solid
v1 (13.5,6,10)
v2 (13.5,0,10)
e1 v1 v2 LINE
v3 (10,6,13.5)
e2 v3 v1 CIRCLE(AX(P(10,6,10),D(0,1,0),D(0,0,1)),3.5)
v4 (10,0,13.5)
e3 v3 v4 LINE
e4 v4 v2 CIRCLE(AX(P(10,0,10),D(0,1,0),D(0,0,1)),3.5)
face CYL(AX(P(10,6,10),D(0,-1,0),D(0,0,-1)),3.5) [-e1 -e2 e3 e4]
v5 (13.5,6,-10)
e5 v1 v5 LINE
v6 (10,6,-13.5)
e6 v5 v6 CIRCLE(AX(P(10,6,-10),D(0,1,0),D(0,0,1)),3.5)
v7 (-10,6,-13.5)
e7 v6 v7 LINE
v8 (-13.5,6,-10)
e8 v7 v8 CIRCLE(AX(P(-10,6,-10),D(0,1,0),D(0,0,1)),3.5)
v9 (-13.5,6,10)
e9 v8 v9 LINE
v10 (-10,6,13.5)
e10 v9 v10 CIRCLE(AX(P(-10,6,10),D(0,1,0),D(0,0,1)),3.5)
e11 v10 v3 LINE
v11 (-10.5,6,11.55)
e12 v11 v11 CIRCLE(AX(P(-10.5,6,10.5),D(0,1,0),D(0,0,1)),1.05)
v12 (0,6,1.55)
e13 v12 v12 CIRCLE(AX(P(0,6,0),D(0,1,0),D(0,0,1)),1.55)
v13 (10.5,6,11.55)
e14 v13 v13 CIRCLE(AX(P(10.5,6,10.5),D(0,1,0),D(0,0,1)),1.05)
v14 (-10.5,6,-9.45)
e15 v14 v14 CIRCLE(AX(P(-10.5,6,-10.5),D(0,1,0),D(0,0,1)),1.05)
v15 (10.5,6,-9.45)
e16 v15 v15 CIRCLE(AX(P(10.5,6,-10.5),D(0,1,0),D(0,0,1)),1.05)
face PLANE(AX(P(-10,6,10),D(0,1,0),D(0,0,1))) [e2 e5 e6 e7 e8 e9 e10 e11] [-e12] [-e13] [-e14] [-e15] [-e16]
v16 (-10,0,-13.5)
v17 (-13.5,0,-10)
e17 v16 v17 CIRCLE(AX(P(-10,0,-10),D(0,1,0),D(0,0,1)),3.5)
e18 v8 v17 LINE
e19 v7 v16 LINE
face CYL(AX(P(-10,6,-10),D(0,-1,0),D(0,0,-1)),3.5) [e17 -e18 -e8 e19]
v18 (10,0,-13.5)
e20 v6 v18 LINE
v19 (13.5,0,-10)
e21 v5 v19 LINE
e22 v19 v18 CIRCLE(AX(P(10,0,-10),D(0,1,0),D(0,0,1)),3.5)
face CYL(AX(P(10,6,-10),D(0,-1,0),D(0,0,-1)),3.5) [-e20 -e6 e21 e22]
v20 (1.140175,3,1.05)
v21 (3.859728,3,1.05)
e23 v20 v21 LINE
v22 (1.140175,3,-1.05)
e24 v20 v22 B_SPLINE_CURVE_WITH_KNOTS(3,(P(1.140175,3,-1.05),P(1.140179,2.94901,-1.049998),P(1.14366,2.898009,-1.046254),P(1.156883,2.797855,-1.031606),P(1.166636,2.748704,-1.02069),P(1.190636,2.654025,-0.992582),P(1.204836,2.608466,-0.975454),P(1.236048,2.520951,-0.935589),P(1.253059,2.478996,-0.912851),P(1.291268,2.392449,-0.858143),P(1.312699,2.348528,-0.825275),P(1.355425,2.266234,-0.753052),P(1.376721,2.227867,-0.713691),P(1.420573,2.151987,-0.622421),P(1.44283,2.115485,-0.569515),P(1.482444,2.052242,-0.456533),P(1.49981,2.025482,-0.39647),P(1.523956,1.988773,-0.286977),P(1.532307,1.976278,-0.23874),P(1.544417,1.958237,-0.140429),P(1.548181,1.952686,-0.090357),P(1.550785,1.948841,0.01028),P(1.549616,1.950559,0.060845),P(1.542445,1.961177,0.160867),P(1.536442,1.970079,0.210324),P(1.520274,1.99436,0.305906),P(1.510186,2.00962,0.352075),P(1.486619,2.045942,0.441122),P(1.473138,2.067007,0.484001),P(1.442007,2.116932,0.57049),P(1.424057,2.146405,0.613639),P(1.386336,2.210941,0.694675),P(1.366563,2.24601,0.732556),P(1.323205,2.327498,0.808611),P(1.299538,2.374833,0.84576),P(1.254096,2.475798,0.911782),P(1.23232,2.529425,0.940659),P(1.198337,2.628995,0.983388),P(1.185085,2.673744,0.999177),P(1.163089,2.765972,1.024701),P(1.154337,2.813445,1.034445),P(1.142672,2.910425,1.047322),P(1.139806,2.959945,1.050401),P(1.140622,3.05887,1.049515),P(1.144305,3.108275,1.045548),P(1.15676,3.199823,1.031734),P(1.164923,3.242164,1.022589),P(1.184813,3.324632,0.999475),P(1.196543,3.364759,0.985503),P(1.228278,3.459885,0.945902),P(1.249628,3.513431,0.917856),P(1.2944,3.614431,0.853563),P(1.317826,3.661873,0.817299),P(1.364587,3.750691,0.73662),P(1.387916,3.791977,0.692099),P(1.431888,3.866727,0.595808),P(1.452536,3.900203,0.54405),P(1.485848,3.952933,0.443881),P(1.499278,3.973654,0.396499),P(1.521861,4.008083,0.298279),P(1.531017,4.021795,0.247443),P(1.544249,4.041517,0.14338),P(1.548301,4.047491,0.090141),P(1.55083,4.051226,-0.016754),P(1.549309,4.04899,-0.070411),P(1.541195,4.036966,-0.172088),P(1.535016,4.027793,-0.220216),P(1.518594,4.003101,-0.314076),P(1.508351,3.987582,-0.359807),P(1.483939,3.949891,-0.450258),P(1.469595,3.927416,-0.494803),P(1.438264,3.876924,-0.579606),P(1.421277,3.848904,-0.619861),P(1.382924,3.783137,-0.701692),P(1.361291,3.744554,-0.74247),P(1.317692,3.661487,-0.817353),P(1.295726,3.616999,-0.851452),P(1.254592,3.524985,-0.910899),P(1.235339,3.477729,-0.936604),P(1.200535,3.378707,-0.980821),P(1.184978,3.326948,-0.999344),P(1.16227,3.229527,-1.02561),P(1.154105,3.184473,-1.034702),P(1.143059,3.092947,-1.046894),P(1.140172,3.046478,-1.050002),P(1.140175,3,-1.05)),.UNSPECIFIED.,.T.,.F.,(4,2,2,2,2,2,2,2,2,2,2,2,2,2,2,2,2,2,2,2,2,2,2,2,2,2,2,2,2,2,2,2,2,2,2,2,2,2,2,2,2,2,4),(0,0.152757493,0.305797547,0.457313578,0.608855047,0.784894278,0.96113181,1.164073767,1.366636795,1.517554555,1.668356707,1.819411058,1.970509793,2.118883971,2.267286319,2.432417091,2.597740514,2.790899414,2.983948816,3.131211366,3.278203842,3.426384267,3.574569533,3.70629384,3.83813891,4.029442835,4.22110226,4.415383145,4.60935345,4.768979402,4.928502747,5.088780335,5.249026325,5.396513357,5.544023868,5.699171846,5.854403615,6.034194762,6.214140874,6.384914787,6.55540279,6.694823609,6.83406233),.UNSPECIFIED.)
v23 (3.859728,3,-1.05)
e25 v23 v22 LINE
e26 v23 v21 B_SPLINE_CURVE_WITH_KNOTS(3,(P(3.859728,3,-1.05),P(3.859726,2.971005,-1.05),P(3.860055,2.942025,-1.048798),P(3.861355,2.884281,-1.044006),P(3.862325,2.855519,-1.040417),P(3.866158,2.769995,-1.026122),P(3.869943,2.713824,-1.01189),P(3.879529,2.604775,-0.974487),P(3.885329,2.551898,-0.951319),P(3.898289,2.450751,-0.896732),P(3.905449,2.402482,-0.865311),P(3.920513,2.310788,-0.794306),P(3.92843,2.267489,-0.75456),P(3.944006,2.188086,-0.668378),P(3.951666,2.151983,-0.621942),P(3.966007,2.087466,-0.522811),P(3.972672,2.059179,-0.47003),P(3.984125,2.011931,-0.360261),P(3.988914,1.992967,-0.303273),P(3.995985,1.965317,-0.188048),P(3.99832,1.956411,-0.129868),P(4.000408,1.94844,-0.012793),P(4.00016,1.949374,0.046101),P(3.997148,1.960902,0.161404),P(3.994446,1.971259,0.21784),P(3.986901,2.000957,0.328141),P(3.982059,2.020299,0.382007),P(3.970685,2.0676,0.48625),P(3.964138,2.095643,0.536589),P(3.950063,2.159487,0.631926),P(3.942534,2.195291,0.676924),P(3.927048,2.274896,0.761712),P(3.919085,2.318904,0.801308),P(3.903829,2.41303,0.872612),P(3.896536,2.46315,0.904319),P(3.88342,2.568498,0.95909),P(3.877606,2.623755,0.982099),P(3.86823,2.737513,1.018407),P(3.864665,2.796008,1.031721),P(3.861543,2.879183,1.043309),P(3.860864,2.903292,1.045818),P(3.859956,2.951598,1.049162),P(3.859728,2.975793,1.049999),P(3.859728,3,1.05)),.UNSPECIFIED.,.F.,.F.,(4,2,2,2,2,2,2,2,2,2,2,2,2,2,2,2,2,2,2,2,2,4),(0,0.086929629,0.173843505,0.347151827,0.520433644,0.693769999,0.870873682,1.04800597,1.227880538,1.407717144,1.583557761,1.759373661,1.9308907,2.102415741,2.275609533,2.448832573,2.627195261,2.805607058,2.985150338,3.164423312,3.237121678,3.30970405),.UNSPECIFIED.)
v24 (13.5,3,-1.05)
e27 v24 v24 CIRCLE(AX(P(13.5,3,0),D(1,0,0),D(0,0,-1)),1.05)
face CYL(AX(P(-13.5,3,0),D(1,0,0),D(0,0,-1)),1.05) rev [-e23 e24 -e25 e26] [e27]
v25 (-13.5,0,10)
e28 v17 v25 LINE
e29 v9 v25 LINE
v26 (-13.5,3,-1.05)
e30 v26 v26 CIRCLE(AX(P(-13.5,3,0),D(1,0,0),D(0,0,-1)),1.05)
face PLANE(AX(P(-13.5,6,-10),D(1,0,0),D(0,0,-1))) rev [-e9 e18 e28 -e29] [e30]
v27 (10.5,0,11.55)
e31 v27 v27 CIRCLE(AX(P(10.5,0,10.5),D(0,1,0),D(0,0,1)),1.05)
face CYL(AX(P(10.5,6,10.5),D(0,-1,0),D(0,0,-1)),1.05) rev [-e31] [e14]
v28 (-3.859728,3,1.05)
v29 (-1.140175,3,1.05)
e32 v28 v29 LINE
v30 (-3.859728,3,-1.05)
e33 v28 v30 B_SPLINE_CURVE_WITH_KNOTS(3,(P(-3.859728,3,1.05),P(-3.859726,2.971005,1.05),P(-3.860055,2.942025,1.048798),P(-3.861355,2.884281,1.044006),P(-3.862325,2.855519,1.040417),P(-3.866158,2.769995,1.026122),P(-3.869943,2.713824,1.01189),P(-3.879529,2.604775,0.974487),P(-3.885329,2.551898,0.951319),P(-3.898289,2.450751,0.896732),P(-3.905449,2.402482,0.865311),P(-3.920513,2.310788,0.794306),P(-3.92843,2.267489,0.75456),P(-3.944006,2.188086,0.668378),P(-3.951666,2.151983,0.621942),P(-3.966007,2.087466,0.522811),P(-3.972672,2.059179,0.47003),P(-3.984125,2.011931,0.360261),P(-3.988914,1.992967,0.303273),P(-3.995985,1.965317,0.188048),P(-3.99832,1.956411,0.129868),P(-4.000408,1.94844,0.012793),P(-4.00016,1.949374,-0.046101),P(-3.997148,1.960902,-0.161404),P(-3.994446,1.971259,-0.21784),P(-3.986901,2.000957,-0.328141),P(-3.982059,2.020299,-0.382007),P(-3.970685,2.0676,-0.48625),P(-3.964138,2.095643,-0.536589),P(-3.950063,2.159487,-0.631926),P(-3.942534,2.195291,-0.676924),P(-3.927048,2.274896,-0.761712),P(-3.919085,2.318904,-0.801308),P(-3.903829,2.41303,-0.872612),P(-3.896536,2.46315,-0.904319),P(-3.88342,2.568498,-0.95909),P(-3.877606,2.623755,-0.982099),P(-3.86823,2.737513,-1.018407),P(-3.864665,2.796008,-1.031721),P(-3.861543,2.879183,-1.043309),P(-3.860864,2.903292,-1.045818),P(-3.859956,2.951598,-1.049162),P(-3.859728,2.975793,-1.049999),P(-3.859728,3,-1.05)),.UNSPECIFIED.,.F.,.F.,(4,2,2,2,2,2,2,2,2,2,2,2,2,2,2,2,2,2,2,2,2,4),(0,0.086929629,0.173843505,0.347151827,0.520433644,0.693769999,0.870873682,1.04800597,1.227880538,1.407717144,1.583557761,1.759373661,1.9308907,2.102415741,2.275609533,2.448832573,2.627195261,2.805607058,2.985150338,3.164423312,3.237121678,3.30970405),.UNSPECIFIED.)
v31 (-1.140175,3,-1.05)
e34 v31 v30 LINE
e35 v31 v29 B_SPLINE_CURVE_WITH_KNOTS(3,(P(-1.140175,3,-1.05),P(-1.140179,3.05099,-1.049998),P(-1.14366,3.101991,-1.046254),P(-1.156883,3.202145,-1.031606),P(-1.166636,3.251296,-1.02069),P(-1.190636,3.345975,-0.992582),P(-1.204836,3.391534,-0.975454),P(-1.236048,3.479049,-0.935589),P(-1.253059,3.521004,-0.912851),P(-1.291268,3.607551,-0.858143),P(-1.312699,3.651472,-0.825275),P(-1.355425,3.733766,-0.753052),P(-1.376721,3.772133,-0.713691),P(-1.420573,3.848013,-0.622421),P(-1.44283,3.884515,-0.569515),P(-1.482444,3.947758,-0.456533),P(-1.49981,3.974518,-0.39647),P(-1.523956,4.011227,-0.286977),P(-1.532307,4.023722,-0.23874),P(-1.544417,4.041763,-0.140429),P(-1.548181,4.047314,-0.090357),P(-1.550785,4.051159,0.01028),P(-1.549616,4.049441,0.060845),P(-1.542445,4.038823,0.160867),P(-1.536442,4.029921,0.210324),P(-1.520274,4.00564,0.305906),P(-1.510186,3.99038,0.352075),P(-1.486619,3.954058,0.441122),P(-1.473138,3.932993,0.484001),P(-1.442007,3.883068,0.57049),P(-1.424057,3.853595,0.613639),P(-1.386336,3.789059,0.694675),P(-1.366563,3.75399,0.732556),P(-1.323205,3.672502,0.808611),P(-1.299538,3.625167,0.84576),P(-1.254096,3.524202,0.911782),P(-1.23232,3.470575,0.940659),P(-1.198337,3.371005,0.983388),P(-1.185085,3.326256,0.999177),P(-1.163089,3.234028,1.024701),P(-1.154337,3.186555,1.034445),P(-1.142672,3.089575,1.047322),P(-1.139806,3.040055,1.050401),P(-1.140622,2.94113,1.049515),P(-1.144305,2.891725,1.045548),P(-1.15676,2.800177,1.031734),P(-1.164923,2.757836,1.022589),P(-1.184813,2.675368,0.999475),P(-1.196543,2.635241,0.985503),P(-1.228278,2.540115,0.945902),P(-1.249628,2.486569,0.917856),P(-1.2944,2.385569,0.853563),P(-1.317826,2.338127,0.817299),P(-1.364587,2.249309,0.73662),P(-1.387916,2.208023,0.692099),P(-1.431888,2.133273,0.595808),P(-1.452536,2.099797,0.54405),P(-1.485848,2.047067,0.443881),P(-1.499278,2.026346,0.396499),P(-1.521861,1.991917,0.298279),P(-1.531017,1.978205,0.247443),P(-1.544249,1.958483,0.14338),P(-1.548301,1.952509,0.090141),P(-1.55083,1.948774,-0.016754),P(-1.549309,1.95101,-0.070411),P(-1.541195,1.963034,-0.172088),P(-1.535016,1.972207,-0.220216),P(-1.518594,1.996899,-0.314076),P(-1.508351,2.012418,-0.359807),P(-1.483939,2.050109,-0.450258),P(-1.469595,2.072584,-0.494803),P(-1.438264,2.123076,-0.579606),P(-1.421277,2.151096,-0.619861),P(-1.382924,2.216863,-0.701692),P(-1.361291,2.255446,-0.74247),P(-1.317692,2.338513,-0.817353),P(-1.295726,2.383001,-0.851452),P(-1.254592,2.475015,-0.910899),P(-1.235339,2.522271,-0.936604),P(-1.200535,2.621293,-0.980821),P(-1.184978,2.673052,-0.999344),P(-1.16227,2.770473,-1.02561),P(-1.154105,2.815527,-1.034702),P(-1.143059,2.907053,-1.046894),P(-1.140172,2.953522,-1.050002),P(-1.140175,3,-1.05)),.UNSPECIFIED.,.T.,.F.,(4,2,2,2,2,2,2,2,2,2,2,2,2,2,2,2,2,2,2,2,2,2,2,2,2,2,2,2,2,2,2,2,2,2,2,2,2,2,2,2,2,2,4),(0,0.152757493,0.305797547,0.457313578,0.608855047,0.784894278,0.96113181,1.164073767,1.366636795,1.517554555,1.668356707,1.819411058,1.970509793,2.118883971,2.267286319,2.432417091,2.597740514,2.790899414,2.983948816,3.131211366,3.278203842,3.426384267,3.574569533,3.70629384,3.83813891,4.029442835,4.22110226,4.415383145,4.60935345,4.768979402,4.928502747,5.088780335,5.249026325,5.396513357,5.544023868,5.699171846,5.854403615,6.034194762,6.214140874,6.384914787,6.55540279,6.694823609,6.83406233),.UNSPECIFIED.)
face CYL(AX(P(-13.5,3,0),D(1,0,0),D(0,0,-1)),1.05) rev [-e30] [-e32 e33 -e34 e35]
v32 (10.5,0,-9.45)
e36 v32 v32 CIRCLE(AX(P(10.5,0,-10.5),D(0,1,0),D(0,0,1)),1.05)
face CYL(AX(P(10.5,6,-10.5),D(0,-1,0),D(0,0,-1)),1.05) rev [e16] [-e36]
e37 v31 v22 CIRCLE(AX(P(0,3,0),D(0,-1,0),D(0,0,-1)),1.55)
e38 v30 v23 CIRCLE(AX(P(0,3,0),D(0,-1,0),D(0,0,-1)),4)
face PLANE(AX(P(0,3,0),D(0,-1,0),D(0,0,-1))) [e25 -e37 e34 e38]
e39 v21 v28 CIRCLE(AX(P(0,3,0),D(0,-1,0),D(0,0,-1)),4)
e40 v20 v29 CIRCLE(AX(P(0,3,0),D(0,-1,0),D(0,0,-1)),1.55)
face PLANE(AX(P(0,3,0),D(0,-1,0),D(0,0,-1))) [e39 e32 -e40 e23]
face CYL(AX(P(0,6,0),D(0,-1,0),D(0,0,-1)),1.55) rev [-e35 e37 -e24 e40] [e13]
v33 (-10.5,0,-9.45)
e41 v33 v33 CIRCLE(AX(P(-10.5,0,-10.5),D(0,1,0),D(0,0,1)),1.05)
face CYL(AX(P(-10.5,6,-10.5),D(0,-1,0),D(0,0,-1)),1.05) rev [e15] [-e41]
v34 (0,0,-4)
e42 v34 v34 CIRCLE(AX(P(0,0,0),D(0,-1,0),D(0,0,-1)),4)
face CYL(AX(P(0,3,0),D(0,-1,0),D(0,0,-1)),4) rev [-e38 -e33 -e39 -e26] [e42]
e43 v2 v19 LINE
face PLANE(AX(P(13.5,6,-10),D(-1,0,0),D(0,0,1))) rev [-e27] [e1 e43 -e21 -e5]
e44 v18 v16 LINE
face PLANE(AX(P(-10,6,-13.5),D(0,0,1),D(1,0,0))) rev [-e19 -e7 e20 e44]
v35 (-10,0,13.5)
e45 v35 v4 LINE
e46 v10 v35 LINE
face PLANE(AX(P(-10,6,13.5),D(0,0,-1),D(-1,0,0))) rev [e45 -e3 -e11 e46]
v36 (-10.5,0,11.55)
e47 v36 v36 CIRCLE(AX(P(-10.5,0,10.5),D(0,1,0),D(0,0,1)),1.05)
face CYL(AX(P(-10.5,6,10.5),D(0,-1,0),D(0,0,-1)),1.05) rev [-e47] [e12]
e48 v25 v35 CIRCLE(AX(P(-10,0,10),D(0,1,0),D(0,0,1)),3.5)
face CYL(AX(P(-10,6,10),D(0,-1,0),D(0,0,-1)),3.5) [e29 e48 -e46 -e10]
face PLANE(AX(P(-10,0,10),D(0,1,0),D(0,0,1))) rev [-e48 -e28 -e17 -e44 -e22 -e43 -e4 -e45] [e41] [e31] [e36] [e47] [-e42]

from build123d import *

# Parameters (mm, degrees)
SKETCH_1_R          = 1.55
SKETCH_1_R_2        = 1.05
EXTRUDE_1_DEPTH     = 6
SKETCH_2_R          = 1.05
CUT_EXTRUDE_1_DEPTH = 31.777426793
SKETCH_3_R          = 4
CUT_EXTRUDE_2_DEPTH = 3


with BuildPart() as part:
    # ｽｹｯﾁ1 → ﾎﾞｽ - 押し出し1 (new body)
    with BuildSketch(Plane(origin=(0, 0, 0), x_dir=(1, 0, 0), z_dir=(0, 1, 0))):
        with BuildLine():
            Line((-10, 13.5), (10, 13.5))
            ThreePointArc((10, 13.5), (12.474873734, 12.474873734), (13.5, 10))
            Line((13.5, 10), (13.5, -10))
            ThreePointArc((13.5, -10), (12.474873734, -12.474873734), (10, -13.5))
            Line((10, -13.5), (-10, -13.5))
            ThreePointArc((-10, -13.5), (-12.474873734, -12.474873734), (-13.5, -10))
            Line((-13.5, -10), (-13.5, 10))
            ThreePointArc((-13.5, 10), (-12.474873734, 12.474873734), (-10, 13.5))
        make_face()
        with Locations(Location((0, 0, 0), (0, 0, 270))):
            Circle(SKETCH_1_R, mode=Mode.SUBTRACT)
        with Locations(Location((-10.5, -10.5, 0), (0, 0, 270))):
            Circle(SKETCH_1_R_2, mode=Mode.SUBTRACT)
        with Locations(Location((10.5, -10.5, 0), (0, 0, 270))):
            Circle(SKETCH_1_R_2, mode=Mode.SUBTRACT)
        with Locations(Location((10.5, 10.5, 0), (0, 0, 270))):
            Circle(SKETCH_1_R_2, mode=Mode.SUBTRACT)
        with Locations(Location((-10.5, 10.5, 0), (0, 0, 270))):
            Circle(SKETCH_1_R_2, mode=Mode.SUBTRACT)
    extrude(amount=EXTRUDE_1_DEPTH)

    # ｽｹｯﾁ2 → ｶｯﾄ - 押し出し1 (cut, through all)
    with BuildSketch(Plane(origin=(13.5, 0, 0), x_dir=(0, 0, -1), z_dir=(1, 0, 0))):
        with Locations((0, 3)):
            Circle(SKETCH_2_R)
    extrude(amount=-CUT_EXTRUDE_1_DEPTH, mode=Mode.SUBTRACT)

    # ｽｹｯﾁ3 → ｶｯﾄ - 押し出し2 (cut)
    with BuildSketch(Plane.XZ):
        with Locations(Location((0, 0, 0), (0, 0, 270))):
            Circle(SKETCH_3_R)
    extrude(amount=-CUT_EXTRUDE_2_DEPTH, mode=Mode.SUBTRACT)


solid = part.part
